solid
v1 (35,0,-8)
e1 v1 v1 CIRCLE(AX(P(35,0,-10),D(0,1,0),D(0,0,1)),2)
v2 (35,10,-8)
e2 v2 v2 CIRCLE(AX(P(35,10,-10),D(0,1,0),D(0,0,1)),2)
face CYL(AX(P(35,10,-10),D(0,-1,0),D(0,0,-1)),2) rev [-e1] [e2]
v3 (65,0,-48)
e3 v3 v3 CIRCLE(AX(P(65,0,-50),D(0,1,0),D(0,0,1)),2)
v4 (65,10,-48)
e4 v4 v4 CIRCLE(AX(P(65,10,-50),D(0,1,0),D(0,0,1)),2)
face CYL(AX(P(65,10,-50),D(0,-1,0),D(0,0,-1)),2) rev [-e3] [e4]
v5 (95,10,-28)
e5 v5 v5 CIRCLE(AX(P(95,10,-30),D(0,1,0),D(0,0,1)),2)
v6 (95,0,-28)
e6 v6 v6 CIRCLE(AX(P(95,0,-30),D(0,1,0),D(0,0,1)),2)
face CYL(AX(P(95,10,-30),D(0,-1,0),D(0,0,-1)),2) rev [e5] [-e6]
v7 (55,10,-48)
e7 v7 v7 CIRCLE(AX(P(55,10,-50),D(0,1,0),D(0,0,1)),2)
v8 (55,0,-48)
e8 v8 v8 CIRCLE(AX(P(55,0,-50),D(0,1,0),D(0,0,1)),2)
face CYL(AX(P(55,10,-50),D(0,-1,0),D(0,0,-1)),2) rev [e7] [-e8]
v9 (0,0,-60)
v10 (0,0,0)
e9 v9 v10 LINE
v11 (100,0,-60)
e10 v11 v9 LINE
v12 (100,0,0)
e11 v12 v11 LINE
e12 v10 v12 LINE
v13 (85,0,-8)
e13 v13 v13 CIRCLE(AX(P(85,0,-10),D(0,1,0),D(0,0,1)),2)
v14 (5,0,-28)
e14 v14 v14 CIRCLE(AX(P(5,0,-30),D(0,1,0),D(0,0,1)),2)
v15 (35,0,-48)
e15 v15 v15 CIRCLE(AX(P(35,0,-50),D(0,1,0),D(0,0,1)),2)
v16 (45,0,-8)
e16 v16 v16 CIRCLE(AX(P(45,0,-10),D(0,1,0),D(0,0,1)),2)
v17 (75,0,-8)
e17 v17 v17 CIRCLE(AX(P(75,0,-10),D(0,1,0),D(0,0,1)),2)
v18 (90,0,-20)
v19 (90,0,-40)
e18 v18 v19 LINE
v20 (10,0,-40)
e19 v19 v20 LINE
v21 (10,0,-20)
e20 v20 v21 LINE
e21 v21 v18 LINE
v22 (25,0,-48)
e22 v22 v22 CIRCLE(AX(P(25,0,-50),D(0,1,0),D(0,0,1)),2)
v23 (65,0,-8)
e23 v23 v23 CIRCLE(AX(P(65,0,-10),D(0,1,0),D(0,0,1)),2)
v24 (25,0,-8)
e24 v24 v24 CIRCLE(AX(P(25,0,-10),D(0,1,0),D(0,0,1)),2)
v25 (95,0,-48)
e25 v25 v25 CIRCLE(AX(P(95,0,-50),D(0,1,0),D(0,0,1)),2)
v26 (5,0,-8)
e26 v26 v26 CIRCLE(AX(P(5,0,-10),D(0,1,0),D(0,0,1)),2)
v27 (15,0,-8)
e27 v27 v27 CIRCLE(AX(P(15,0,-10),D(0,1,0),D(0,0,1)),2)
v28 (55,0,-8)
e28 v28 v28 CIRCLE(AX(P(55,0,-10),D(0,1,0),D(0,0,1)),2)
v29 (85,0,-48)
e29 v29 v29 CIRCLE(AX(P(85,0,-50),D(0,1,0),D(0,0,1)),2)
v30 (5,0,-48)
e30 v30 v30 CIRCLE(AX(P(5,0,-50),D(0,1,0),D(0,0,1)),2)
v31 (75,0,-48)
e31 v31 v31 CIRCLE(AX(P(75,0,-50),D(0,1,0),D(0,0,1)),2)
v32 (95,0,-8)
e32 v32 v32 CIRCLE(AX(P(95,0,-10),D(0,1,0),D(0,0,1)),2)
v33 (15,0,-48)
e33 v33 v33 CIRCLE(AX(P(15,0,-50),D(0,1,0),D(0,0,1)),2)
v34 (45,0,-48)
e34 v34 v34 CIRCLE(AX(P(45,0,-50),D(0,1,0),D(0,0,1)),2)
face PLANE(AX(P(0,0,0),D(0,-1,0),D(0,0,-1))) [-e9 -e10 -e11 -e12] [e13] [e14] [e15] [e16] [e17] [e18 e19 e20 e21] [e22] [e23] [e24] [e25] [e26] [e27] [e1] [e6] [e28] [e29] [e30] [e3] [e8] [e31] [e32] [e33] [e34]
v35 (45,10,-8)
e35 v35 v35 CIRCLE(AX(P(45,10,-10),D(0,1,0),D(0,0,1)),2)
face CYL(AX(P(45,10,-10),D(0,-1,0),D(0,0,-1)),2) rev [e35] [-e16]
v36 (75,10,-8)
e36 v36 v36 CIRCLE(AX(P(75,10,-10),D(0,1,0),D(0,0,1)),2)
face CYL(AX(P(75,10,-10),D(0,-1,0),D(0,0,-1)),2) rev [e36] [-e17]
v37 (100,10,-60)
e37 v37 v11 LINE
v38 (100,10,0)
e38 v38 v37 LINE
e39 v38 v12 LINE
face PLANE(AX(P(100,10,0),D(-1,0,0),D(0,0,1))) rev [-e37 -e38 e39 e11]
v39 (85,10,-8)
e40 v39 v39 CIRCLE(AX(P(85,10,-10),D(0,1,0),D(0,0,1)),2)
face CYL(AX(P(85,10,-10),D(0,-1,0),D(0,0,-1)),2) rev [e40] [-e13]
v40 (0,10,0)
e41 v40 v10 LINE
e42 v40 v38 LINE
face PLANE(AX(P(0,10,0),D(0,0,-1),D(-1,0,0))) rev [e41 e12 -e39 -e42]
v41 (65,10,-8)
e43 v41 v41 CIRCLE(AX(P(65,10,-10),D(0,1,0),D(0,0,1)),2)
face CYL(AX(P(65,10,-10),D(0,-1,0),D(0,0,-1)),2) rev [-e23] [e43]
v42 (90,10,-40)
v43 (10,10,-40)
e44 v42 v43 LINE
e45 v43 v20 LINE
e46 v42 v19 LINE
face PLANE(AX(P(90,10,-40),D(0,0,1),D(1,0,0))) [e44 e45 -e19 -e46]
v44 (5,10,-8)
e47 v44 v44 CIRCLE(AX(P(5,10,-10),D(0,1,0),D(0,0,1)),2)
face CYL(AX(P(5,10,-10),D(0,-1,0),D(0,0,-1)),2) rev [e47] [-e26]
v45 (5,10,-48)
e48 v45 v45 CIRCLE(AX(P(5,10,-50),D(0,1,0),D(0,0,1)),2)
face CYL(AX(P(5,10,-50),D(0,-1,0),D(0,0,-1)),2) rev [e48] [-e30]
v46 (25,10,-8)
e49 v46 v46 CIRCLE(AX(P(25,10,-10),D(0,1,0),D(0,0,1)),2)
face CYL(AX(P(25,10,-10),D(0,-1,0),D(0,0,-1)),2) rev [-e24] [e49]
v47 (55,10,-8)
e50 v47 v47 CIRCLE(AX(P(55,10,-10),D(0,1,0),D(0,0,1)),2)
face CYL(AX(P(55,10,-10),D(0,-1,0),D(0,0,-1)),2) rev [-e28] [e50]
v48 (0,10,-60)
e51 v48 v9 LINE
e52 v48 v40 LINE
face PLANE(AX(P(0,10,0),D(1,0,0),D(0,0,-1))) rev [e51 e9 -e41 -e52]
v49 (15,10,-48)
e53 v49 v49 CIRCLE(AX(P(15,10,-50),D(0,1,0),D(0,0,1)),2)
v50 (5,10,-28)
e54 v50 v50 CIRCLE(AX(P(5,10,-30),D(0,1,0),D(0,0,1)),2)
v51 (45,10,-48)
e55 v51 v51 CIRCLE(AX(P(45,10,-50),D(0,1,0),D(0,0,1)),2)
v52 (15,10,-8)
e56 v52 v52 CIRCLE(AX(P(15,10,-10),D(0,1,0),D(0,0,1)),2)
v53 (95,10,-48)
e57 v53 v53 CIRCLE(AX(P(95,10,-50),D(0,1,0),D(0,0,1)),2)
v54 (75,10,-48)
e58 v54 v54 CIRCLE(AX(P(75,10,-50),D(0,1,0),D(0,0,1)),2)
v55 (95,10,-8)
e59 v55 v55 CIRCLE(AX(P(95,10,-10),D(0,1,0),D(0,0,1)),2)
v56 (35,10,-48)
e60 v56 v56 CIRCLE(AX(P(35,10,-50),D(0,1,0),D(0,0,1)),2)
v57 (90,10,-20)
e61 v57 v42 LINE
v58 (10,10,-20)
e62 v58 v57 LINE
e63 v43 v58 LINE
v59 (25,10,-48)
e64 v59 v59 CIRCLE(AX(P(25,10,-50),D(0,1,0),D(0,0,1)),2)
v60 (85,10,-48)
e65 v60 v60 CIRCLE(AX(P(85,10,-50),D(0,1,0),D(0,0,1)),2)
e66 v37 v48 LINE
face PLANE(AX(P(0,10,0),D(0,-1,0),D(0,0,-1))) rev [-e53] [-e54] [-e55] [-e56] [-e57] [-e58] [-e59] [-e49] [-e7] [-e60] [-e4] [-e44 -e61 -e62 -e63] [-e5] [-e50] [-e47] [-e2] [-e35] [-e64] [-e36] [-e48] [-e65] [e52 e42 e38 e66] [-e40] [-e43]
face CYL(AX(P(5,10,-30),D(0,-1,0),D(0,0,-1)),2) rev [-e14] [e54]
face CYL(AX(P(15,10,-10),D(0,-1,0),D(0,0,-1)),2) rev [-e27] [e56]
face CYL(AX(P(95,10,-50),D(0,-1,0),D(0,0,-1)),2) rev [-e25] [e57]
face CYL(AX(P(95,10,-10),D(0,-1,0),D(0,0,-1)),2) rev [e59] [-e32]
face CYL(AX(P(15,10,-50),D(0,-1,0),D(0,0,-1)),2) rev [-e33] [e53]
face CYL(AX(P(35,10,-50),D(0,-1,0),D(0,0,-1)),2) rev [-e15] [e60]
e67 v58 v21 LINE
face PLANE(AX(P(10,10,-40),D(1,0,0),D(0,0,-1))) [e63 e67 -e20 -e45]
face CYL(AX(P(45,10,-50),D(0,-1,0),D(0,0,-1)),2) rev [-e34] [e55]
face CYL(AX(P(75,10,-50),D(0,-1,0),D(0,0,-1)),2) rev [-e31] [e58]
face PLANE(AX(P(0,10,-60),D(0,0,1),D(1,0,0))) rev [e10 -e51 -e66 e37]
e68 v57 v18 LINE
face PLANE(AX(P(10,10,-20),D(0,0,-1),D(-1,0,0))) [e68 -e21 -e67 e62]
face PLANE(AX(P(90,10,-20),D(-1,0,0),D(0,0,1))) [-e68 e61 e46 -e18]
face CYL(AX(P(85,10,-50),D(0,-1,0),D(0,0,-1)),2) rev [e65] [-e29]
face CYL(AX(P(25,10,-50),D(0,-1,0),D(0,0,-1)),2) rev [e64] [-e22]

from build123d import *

# Parameters (mm, degrees)
SKETCH1_W           = 100
SKETCH1_H           = 60
SKETCH1_R           = 2
SKETCH1_W_2         = 80
SKETCH1_H_2         = 20
BOSS_EXTRUDE1_DEPTH = 10


with BuildPart() as part:
    # Sketch1 → Boss-Extrude1 (new body)
    with BuildSketch(Plane(origin=(0, 0, 0), x_dir=(1, 0, 0), z_dir=(0, 1, 0))):
        with Locations((50, 30)):
            Rectangle(SKETCH1_W, SKETCH1_H)
        with Locations(Location((5, 30, 0), (0, 0, 270))):
            Circle(SKETCH1_R, mode=Mode.SUBTRACT)
        with Locations(Location((5, 50, 0), (0, 0, 270))):
            Circle(SKETCH1_R, mode=Mode.SUBTRACT)
        with Locations(Location((5, 10, 0), (0, 0, 270))):
            Circle(SKETCH1_R, mode=Mode.SUBTRACT)
        with Locations(Location((15, 50, 0), (0, 0, 270))):
            Circle(SKETCH1_R, mode=Mode.SUBTRACT)
        with Locations(Location((15, 10, 0), (0, 0, 270))):
            Circle(SKETCH1_R, mode=Mode.SUBTRACT)
        with Locations(Location((25, 50, 0), (0, 0, 270))):
            Circle(SKETCH1_R, mode=Mode.SUBTRACT)
        with Locations(Location((25, 10, 0), (0, 0, 270))):
            Circle(SKETCH1_R, mode=Mode.SUBTRACT)
        with Locations(Location((35, 50, 0), (0, 0, 270))):
            Circle(SKETCH1_R, mode=Mode.SUBTRACT)
        with Locations(Location((35, 10, 0), (0, 0, 270))):
            Circle(SKETCH1_R, mode=Mode.SUBTRACT)
        with Locations(Location((45, 50, 0), (0, 0, 270))):
            Circle(SKETCH1_R, mode=Mode.SUBTRACT)
        with Locations(Location((45, 10, 0), (0, 0, 270))):
            Circle(SKETCH1_R, mode=Mode.SUBTRACT)
        with Locations(Location((55, 50, 0), (0, 0, 270))):
            Circle(SKETCH1_R, mode=Mode.SUBTRACT)
        with Locations(Location((55, 10, 0), (0, 0, 270))):
            Circle(SKETCH1_R, mode=Mode.SUBTRACT)
        with Locations(Location((65, 50, 0), (0, 0, 270))):
            Circle(SKETCH1_R, mode=Mode.SUBTRACT)
        with Locations(Location((65, 10, 0), (0, 0, 270))):
            Circle(SKETCH1_R, mode=Mode.SUBTRACT)
        with Locations(Location((75, 50, 0), (0, 0, 270))):
            Circle(SKETCH1_R, mode=Mode.SUBTRACT)
        with Locations(Location((75, 10, 0), (0, 0, 270))):
            Circle(SKETCH1_R, mode=Mode.SUBTRACT)
        with Locations(Location((85, 50, 0), (0, 0, 270))):
            Circle(SKETCH1_R, mode=Mode.SUBTRACT)
        with Locations(Location((85, 10, 0), (0, 0, 270))):
            Circle(SKETCH1_R, mode=Mode.SUBTRACT)
        with Locations(Location((95, 50, 0), (0, 0, 270))):
            Circle(SKETCH1_R, mode=Mode.SUBTRACT)
        with Locations(Location((95, 10, 0), (0, 0, 270))):
            Circle(SKETCH1_R, mode=Mode.SUBTRACT)
        with Locations(Location((95, 30, 0), (0, 0, 270))):
            Circle(SKETCH1_R, mode=Mode.SUBTRACT)
        with Locations((50, 30)):
            Rectangle(SKETCH1_W_2, SKETCH1_H_2, mode=Mode.SUBTRACT)
    extrude(amount=BOSS_EXTRUDE1_DEPTH)


solid = part.part
